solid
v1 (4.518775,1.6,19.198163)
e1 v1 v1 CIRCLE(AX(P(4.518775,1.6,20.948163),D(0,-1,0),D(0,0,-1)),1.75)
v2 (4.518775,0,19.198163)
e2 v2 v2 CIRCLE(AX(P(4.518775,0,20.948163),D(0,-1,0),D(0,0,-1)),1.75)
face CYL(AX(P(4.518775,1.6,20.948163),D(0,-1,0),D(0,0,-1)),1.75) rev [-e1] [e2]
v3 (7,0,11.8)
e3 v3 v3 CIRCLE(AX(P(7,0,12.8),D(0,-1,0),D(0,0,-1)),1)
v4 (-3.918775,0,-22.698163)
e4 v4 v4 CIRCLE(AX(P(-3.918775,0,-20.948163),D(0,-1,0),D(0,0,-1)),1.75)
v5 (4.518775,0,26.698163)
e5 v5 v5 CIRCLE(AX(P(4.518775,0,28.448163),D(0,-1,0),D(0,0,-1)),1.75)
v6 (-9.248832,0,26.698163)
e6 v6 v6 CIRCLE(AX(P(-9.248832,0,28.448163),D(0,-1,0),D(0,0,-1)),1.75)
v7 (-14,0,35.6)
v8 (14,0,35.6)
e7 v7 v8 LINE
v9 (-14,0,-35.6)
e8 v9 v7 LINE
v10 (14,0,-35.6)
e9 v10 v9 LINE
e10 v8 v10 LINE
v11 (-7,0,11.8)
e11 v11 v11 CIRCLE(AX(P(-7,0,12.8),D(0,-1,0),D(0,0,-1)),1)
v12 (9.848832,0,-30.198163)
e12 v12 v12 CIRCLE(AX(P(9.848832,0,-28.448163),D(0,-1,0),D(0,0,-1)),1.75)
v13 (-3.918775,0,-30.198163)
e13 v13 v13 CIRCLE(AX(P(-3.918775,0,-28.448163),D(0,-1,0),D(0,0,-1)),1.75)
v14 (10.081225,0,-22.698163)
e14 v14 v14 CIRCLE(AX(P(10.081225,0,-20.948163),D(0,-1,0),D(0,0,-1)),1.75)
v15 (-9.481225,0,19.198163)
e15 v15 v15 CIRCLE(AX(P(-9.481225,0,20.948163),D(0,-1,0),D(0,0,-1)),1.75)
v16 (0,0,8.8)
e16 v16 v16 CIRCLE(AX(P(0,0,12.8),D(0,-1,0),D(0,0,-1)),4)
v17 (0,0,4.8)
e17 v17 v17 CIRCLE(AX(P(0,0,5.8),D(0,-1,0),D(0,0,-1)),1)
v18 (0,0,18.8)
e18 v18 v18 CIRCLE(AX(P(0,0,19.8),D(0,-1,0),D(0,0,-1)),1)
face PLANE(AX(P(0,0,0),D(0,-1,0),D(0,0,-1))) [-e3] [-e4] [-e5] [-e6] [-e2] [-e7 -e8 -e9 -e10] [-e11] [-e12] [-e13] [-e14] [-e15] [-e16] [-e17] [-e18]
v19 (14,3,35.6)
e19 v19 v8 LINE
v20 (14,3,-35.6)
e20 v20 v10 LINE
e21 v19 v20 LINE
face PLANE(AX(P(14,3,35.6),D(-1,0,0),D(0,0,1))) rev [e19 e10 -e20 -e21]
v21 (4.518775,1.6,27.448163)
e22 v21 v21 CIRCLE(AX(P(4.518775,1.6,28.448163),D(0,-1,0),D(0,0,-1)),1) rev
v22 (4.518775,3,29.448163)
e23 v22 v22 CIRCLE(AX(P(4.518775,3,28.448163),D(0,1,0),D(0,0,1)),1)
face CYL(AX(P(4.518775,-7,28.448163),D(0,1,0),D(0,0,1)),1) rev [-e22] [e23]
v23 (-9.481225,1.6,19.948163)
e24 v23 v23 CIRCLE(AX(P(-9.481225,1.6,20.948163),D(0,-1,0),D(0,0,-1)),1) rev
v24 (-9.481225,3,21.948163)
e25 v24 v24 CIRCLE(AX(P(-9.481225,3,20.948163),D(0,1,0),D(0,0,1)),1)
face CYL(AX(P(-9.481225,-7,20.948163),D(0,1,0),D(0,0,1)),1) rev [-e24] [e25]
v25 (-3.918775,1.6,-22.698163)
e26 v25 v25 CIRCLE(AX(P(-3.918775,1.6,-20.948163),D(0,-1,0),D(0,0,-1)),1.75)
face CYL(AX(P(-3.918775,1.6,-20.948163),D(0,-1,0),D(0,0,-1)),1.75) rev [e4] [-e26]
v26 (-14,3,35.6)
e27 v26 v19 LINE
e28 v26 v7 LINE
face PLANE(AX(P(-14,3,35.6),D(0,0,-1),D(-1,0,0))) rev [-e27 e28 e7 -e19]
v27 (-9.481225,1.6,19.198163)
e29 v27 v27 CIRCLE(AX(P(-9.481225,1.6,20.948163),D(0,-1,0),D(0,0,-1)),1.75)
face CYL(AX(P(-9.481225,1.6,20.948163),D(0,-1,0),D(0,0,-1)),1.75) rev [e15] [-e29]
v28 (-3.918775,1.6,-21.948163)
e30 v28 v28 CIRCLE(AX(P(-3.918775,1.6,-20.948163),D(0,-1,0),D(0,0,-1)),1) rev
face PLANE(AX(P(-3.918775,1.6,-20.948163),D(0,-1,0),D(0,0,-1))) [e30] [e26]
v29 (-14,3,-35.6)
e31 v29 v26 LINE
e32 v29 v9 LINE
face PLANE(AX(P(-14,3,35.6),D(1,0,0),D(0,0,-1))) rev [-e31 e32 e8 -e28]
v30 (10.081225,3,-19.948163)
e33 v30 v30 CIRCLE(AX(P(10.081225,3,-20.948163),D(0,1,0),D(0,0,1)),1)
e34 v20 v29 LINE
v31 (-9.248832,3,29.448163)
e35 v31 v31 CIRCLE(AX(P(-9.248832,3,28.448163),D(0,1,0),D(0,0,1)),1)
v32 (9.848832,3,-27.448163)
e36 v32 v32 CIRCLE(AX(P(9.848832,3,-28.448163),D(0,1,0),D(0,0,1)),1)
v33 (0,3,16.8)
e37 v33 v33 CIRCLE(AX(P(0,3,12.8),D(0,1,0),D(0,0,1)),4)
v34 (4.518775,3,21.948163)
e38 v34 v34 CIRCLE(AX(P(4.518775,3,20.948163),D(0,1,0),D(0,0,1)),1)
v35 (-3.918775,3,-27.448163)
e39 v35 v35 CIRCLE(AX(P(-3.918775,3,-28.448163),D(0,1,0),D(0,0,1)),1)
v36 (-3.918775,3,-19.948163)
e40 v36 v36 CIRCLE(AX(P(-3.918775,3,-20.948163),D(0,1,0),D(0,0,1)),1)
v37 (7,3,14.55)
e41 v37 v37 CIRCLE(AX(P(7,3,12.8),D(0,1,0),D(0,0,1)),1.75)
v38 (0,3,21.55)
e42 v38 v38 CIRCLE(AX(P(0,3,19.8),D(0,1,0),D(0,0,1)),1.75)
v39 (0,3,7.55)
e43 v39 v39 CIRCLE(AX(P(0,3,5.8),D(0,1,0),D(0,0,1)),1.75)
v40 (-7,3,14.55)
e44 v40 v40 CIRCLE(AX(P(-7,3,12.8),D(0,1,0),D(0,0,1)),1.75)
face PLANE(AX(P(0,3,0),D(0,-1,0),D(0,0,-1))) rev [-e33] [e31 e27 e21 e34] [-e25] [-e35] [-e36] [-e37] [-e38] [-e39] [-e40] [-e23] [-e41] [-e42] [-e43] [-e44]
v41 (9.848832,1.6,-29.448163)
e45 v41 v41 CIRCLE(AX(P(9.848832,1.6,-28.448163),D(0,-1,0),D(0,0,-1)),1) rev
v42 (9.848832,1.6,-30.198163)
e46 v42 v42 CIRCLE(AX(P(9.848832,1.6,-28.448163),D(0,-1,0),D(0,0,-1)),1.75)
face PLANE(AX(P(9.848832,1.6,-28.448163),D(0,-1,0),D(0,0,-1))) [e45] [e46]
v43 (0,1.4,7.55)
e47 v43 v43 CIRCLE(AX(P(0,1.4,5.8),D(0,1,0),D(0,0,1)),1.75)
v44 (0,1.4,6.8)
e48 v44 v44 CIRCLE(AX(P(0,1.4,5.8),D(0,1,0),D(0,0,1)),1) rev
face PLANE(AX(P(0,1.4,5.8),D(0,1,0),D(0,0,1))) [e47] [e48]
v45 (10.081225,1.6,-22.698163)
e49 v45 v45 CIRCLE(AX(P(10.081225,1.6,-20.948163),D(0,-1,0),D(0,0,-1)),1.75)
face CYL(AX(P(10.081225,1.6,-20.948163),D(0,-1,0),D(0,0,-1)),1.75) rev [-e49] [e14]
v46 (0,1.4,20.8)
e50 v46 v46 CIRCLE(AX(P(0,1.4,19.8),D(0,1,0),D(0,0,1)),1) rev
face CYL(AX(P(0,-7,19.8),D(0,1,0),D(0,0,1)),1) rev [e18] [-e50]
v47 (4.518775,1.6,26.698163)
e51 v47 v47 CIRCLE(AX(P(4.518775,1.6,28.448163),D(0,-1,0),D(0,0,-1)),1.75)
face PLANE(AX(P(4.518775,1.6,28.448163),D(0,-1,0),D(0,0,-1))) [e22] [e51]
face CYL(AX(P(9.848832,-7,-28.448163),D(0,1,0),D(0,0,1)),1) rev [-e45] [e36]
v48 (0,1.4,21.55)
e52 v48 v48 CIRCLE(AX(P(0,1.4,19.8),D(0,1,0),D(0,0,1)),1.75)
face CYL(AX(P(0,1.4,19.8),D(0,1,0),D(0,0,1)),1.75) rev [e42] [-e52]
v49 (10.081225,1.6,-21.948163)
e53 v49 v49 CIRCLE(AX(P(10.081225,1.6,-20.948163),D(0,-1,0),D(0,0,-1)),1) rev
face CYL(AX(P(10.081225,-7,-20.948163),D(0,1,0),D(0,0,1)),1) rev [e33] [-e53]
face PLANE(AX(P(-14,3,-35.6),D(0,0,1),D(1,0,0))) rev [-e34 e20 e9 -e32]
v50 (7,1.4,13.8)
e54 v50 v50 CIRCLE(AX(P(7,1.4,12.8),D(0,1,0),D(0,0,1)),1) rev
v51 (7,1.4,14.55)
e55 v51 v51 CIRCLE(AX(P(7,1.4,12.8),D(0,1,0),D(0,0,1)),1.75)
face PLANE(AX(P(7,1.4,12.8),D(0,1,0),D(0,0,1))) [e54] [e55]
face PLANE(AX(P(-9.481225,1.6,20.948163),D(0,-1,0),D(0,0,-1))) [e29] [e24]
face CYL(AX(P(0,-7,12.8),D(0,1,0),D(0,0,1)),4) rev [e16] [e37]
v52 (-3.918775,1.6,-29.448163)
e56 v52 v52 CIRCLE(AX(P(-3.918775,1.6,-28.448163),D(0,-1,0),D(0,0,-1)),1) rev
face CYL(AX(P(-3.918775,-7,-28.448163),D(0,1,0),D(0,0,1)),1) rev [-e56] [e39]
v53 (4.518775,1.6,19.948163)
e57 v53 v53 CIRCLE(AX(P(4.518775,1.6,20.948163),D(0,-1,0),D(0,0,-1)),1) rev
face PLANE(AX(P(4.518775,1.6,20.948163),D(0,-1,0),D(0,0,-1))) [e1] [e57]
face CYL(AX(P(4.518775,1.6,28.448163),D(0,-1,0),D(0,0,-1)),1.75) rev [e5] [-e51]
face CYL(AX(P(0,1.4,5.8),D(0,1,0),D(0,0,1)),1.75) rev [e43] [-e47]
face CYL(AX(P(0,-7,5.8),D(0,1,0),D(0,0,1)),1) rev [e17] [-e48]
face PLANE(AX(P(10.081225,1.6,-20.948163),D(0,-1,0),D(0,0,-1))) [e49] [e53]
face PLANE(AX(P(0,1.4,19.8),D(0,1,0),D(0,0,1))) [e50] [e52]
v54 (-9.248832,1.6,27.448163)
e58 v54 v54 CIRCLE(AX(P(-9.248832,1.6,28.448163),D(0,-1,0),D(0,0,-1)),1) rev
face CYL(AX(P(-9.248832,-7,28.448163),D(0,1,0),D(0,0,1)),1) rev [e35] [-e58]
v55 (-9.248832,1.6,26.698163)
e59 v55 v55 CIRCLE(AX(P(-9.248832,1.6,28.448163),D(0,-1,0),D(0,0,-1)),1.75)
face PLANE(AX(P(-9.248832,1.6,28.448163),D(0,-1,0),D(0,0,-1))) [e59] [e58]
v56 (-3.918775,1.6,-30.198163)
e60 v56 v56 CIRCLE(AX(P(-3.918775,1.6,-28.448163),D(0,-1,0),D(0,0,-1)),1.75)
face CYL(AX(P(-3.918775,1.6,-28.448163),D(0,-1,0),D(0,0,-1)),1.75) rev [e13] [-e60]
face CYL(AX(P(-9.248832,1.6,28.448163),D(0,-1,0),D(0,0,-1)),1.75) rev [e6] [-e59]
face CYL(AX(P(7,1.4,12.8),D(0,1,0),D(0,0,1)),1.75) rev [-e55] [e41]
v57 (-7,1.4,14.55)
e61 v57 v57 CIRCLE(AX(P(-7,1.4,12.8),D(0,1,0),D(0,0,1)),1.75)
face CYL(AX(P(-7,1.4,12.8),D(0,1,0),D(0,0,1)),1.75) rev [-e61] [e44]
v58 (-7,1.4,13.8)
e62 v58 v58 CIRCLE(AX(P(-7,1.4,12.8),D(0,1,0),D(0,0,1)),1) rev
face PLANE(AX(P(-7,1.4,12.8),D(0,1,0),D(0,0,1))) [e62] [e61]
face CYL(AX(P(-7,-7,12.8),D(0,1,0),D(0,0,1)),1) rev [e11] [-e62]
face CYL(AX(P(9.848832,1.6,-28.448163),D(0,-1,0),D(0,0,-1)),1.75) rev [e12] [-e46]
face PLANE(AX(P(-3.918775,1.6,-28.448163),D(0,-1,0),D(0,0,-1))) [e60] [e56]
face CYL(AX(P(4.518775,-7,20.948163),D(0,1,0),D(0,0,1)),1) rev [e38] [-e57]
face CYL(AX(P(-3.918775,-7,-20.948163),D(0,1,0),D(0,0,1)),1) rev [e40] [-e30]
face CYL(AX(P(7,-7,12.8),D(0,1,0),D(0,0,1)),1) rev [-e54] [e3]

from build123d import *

# Parameters (mm, degrees)
SKETCH1_W           = 28
SKETCH1_H           = 71.2
BOSS_EXTRUDE1_DEPTH = 3
SKETCH4_R           = 1
CUT_EXTRUDE2_DEPTH  = 10
SKETCH5_R           = 4
CUT_EXTRUDE3_DEPTH  = 10
SKETCH7_R           = 1
CUT_EXTRUDE6_DEPTH  = 10
SKETCH8_R           = 1
CUT_EXTRUDE7_DEPTH  = 10
SKETCH10_R          = 1.75
CUT_EXTRUDE9_DEPTH  = 1.6
SKETCH11_R          = 1.75
CUT_EXTRUDE10_DEPTH = 1.6


with BuildPart() as part:
    # Sketch1 → Boss-Extrude1 (new body)
    with BuildSketch(Plane(origin=(0, 0, 0), x_dir=(1, 0, 0), z_dir=(0, 1, 0))):
        Rectangle(SKETCH1_W, SKETCH1_H)
    extrude(amount=BOSS_EXTRUDE1_DEPTH)

    # Sketch4 → Cut-Extrude2 (cut)
    with BuildSketch(Plane(origin=(0, 3, 0), x_dir=(1, 0, 0), z_dir=(0, 1, 0))):
        with Locations((7, -12.8)):
            Circle(SKETCH4_R)
        with Locations((0, -19.8)):
            Circle(SKETCH4_R)
        with Locations((-7, -12.8)):
            Circle(SKETCH4_R)
        with Locations((0, -5.8)):
            Circle(SKETCH4_R)
    extrude(amount=-CUT_EXTRUDE2_DEPTH, mode=Mode.SUBTRACT)

    # Sketch5 → Cut-Extrude3 (cut)
    with BuildSketch(Plane(origin=(0, 3, 0), x_dir=(1, 0, 0), z_dir=(0, 1, 0))):
        with Locations((0, -12.8)):
            Circle(SKETCH5_R)
    extrude(amount=-CUT_EXTRUDE3_DEPTH, mode=Mode.SUBTRACT)

    # Sketch7 → Cut-Extrude6 (cut)
    with BuildSketch(Plane(origin=(0, 3, 0), x_dir=(1, 0, 0), z_dir=(0, 1, 0))):
        with Locations((-9.481224865, -20.948162882)):
            Circle(SKETCH7_R)
        with Locations((-9.248832445, -28.448162882)):
            Circle(SKETCH7_R)
        with Locations((4.518775135, -28.448162882)):
            Circle(SKETCH7_R)
        with Locations((4.518775135, -20.948162882)):
            Circle(SKETCH7_R)
    extrude(amount=-CUT_EXTRUDE6_DEPTH, mode=Mode.SUBTRACT)

    # Sketch8 → Cut-Extrude7 (cut)
    with BuildSketch(Plane(origin=(0, 3, 0), x_dir=(1, 0, 0), z_dir=(0, 1, 0))):
        with Locations((-3.918775135, 28.448162882)):
            Circle(SKETCH8_R)
        with Locations((9.848832445, 28.448162882)):
            Circle(SKETCH8_R)
        with Locations((10.081224865, 20.948162882)):
            Circle(SKETCH8_R)
        with Locations((-3.918775135, 20.948162882)):
            Circle(SKETCH8_R)
    extrude(amount=-CUT_EXTRUDE7_DEPTH, mode=Mode.SUBTRACT)

    # Sketch10 → Cut-Extrude9 (cut)
    with BuildSketch(Plane(origin=(0, 3, 0), x_dir=(1, 0, 0), z_dir=(0, 1, 0))):
        with Locations((0, -19.8)):
            Circle(SKETCH10_R)
        with Locations((-7, -12.8)):
            Circle(SKETCH10_R)
        with Locations((0, -5.8)):
            Circle(SKETCH10_R)
        with Locations((7, -12.8)):
            Circle(SKETCH10_R)
    extrude(amount=-CUT_EXTRUDE9_DEPTH, mode=Mode.SUBTRACT)

    # Sketch11 → Cut-Extrude10 (cut)
    with BuildSketch(Plane.XZ):
        with Locations((-3.918775135, -20.948162882)):
            Circle(SKETCH11_R)
        with Locations((9.848832445, -28.448162882)):
            Circle(SKETCH11_R)
        with Locations((10.081224865, -20.948162882)):
            Circle(SKETCH11_R)
        with Locations((-9.248832445, 28.448162882)):
            Circle(SKETCH11_R)
        with Locations((-9.481224865, 20.948162882)):
            Circle(SKETCH11_R)
        with Locations((4.518775135, 28.448162882)):
            Circle(SKETCH11_R)
        with Locations((4.518775135, 20.948162882)):
            Circle(SKETCH11_R)
        with Locations((-3.918775135, -28.448162882)):
            Circle(SKETCH11_R)
    extrude(amount=-CUT_EXTRUDE10_DEPTH, mode=Mode.SUBTRACT)


solid = part.part
